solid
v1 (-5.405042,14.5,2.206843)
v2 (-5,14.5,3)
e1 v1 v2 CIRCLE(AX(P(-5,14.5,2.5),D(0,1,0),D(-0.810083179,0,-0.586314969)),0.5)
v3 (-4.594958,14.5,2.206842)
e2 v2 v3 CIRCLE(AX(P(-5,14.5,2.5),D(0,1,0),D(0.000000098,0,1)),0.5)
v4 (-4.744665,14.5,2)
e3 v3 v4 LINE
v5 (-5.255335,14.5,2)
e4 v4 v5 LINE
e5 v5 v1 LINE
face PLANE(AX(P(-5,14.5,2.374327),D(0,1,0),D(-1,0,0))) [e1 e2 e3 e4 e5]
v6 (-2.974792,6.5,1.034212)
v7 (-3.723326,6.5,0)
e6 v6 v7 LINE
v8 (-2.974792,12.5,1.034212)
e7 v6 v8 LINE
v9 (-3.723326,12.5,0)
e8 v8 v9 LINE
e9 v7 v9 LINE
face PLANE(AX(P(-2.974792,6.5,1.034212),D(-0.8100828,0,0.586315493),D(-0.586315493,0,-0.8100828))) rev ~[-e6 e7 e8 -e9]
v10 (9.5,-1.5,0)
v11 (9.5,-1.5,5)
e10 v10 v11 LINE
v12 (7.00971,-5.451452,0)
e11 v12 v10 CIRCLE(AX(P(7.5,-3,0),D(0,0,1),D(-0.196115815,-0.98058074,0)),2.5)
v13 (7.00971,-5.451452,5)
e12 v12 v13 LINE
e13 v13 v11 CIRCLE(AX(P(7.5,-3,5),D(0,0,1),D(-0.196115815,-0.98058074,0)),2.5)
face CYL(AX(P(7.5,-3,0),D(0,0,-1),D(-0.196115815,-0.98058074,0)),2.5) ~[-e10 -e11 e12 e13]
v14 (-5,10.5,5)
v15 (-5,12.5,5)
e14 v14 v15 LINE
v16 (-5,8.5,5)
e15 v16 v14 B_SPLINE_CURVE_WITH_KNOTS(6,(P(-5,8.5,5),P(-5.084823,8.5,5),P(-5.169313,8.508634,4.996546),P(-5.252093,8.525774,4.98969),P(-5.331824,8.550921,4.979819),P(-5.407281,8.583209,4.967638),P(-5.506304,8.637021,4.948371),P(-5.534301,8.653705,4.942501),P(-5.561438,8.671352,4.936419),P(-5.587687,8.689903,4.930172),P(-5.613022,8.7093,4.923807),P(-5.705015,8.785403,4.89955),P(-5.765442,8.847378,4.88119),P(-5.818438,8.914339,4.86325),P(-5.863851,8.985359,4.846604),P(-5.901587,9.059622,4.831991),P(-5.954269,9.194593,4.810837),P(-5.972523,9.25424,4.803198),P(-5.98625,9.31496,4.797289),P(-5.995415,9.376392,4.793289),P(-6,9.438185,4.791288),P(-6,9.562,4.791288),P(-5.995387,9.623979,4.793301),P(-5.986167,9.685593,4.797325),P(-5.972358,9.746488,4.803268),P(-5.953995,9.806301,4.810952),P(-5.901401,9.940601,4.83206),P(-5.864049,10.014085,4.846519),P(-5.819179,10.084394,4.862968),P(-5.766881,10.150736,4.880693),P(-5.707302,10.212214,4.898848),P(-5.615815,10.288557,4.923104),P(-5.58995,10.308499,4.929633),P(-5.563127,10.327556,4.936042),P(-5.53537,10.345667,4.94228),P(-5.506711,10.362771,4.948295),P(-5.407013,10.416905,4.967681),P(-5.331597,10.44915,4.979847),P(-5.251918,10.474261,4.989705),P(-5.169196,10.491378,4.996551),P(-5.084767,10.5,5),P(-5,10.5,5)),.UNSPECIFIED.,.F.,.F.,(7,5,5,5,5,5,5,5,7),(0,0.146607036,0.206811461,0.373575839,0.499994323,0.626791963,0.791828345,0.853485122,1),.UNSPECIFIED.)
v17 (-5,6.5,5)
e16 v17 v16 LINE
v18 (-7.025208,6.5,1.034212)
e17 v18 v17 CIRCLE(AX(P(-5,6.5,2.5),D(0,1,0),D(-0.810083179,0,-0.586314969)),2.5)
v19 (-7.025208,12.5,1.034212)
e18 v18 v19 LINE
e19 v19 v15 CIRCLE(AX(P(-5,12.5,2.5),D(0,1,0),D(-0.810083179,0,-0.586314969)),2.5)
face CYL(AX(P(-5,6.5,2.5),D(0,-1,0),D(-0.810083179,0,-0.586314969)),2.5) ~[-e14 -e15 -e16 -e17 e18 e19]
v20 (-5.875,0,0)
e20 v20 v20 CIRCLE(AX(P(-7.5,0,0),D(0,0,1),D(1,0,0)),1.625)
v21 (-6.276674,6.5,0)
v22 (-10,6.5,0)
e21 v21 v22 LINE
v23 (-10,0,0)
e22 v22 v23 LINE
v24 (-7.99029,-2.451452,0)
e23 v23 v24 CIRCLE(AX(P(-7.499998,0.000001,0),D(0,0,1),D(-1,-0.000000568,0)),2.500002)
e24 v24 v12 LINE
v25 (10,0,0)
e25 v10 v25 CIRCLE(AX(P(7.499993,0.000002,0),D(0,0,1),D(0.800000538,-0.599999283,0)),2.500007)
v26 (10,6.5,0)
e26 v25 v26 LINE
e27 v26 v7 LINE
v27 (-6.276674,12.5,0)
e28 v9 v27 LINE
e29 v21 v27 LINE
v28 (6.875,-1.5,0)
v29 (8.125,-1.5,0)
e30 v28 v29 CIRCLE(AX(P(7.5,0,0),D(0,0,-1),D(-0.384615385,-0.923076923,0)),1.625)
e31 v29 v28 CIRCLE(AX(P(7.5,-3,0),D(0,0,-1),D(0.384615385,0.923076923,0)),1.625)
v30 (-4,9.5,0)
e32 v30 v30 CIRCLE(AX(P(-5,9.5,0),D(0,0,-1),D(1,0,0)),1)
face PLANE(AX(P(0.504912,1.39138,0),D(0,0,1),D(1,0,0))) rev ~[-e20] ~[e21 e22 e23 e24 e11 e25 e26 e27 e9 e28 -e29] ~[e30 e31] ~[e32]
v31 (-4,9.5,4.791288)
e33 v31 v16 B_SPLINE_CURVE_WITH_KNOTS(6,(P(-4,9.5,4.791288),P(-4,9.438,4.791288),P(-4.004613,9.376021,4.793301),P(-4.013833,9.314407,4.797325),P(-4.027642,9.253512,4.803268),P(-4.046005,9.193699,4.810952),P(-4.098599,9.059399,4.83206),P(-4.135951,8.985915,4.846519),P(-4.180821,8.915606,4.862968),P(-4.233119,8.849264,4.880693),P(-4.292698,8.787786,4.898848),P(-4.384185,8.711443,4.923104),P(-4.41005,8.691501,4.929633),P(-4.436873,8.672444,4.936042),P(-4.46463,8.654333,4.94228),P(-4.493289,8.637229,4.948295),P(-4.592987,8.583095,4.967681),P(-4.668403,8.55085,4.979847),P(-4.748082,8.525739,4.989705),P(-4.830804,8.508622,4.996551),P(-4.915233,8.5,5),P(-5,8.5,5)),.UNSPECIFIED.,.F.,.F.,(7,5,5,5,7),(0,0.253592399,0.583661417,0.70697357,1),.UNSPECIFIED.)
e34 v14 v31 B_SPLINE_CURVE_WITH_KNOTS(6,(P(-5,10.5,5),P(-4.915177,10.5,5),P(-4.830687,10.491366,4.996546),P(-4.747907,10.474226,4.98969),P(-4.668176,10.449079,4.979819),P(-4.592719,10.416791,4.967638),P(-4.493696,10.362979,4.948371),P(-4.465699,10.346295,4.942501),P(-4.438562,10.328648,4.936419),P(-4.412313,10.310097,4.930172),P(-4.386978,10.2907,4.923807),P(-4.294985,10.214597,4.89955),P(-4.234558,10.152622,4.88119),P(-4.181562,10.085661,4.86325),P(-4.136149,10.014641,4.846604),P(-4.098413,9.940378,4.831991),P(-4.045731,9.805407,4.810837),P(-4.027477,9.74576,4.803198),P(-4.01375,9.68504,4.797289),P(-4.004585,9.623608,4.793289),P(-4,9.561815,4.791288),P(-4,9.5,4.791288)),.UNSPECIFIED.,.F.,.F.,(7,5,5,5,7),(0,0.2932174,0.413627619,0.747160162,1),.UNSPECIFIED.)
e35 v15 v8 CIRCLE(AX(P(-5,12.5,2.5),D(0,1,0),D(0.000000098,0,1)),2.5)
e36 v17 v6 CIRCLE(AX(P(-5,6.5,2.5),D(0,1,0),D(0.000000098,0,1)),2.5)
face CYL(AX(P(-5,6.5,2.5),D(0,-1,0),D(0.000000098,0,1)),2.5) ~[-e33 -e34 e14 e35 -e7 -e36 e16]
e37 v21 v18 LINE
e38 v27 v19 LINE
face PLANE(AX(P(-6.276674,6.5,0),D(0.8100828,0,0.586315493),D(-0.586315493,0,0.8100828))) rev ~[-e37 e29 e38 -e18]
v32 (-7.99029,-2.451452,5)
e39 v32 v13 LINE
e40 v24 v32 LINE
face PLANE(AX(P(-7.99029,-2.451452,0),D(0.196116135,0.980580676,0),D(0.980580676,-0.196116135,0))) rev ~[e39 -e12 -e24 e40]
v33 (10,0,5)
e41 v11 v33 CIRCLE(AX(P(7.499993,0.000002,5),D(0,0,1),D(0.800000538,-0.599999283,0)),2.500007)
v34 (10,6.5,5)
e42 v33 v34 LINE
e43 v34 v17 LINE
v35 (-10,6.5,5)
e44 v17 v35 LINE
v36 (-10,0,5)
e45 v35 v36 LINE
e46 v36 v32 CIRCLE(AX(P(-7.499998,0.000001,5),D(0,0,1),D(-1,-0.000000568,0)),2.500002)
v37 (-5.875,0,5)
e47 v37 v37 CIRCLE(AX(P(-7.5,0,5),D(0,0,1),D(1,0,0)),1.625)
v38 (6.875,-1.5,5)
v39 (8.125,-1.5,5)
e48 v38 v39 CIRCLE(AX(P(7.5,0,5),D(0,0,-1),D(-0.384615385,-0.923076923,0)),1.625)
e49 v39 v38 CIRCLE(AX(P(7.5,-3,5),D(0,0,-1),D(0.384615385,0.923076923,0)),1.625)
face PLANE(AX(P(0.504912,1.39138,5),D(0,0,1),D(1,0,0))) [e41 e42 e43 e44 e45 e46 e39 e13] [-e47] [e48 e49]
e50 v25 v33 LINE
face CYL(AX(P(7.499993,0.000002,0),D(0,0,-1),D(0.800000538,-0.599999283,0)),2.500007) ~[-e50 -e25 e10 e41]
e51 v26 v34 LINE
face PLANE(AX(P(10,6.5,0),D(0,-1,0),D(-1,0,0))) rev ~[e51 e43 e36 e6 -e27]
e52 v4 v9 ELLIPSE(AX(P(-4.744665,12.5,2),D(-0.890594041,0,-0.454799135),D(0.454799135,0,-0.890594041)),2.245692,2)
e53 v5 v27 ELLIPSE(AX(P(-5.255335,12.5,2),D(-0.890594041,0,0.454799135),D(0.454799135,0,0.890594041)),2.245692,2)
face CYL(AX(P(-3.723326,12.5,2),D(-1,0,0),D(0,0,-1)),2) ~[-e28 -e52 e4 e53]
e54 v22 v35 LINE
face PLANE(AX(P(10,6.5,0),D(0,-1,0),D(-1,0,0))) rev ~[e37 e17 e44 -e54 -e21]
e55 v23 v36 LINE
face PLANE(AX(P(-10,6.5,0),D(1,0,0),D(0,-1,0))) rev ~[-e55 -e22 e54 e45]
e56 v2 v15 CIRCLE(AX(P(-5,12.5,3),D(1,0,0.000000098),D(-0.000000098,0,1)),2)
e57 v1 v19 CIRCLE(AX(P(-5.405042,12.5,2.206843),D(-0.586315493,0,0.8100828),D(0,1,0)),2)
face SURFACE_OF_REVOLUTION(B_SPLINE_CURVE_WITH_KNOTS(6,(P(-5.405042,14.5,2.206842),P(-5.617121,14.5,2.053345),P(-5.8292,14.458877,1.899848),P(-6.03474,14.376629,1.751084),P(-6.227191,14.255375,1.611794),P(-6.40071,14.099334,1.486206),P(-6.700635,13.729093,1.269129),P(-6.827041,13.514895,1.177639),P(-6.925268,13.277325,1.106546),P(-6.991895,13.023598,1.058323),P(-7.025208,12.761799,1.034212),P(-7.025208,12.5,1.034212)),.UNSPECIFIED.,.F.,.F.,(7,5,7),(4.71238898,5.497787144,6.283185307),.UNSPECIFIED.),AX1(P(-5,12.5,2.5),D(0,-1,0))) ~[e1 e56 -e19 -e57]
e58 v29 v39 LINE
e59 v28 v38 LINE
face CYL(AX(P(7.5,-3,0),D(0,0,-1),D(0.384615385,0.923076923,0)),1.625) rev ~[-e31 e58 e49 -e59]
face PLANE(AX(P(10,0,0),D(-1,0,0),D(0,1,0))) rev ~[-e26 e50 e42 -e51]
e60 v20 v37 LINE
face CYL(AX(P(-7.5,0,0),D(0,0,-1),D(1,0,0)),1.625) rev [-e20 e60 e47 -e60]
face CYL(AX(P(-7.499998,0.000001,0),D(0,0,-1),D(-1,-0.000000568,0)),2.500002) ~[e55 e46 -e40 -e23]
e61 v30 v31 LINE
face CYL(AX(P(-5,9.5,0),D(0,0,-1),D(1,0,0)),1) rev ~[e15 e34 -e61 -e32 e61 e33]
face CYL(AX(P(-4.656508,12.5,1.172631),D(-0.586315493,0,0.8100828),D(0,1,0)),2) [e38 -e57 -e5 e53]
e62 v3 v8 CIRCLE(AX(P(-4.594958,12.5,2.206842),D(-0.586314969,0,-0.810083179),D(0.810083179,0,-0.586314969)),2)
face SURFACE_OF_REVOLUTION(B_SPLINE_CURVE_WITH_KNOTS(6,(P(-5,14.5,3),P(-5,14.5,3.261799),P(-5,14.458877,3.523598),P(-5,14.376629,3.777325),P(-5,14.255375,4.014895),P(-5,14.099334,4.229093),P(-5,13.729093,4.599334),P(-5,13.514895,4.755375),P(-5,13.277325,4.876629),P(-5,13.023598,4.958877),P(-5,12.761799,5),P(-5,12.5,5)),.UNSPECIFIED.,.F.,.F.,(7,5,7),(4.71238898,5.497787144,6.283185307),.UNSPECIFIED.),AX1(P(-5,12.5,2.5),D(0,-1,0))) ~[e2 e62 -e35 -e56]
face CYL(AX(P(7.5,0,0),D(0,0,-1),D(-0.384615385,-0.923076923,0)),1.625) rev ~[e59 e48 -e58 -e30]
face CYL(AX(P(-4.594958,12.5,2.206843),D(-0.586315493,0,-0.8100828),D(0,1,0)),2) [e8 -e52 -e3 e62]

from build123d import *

# Parameters (mm, degrees)
F0_R     = 1.625
F1_DEPTH = 5
F3_DEPTH = 8
F5_R     = 2
F6_R     = 1
F7_DEPTH = 5.001


with BuildPart() as f1:
    # F0 (on Top) → F1 (new body)
    with BuildSketch(Plane.XY):
        with BuildLine():
            Line((-10, 6.5), (-10, 0))
            ThreePointArc((-10, 0), (-9.433355, -1.584972), (-7.99029, -2.451452))
            Line((-7.99029, -2.451452), (7.00971, -5.451452))
            ThreePointArc((7.00971, -5.451452), (9.615017, -4.33293), (9.5, -1.5))
            ThreePointArc((9.5, -1.5), (9.871708, -0.790569), (10, 0))
            Line((10, 0), (10, 6.5))
            Line((10, 6.5), (-10, 6.5))
        make_face()
        with Locations((-7.5, 0)):
            Circle(F0_R, mode=Mode.SUBTRACT)
        with BuildLine():
            ThreePointArc((6.875, -1.5), (7.5, 1.625), (8.125, -1.5))
            ThreePointArc((8.125, -1.5), (7.5, -4.625), (6.875, -1.5))
        make_face(mode=Mode.SUBTRACT)
    extrude(amount=F1_DEPTH)

    # F2 (on face) → F3 (join)
    with BuildSketch(Plane(origin=(0, 6.5, 0), x_dir=(-1, 0, 0), z_dir=(0, 1, 0))):
        with BuildLine():
            Line((6.276674, 0), (7.025208, 1.034212))
            ThreePointArc((7.025208, 1.034212), (7.226485, 3.636998), (5, 5))
            ThreePointArc((5, 5), (2.773515, 3.636998), (2.974792, 1.034212))
            Line((2.974792, 1.034212), (3.723326, 0))
            Line((3.723326, 0), (6.276674, 0))
        make_face()
    extrude(amount=F3_DEPTH)

    # F5
    f5_edges = [f1.edges().sort_by_distance(p)[0] for p in [
        (-3.349059, 14.5, 0.517106),
        (-5, 14.5, 0),
        (-6.650941, 14.5, 0.517106),
        (-5, 14.5, 5),
    ]]
    fillet(f5_edges, radius=F5_R)

    # F6 (on face) → F7 (cut, through all)
    with BuildSketch(Plane(origin=(0, 0, 0), x_dir=(1, 0, 0), z_dir=(0, 0, -1))):
        with Locations((-5, -9.5)):
            Circle(F6_R)
    extrude(amount=-F7_DEPTH, mode=Mode.SUBTRACT)


solid = f1.part
